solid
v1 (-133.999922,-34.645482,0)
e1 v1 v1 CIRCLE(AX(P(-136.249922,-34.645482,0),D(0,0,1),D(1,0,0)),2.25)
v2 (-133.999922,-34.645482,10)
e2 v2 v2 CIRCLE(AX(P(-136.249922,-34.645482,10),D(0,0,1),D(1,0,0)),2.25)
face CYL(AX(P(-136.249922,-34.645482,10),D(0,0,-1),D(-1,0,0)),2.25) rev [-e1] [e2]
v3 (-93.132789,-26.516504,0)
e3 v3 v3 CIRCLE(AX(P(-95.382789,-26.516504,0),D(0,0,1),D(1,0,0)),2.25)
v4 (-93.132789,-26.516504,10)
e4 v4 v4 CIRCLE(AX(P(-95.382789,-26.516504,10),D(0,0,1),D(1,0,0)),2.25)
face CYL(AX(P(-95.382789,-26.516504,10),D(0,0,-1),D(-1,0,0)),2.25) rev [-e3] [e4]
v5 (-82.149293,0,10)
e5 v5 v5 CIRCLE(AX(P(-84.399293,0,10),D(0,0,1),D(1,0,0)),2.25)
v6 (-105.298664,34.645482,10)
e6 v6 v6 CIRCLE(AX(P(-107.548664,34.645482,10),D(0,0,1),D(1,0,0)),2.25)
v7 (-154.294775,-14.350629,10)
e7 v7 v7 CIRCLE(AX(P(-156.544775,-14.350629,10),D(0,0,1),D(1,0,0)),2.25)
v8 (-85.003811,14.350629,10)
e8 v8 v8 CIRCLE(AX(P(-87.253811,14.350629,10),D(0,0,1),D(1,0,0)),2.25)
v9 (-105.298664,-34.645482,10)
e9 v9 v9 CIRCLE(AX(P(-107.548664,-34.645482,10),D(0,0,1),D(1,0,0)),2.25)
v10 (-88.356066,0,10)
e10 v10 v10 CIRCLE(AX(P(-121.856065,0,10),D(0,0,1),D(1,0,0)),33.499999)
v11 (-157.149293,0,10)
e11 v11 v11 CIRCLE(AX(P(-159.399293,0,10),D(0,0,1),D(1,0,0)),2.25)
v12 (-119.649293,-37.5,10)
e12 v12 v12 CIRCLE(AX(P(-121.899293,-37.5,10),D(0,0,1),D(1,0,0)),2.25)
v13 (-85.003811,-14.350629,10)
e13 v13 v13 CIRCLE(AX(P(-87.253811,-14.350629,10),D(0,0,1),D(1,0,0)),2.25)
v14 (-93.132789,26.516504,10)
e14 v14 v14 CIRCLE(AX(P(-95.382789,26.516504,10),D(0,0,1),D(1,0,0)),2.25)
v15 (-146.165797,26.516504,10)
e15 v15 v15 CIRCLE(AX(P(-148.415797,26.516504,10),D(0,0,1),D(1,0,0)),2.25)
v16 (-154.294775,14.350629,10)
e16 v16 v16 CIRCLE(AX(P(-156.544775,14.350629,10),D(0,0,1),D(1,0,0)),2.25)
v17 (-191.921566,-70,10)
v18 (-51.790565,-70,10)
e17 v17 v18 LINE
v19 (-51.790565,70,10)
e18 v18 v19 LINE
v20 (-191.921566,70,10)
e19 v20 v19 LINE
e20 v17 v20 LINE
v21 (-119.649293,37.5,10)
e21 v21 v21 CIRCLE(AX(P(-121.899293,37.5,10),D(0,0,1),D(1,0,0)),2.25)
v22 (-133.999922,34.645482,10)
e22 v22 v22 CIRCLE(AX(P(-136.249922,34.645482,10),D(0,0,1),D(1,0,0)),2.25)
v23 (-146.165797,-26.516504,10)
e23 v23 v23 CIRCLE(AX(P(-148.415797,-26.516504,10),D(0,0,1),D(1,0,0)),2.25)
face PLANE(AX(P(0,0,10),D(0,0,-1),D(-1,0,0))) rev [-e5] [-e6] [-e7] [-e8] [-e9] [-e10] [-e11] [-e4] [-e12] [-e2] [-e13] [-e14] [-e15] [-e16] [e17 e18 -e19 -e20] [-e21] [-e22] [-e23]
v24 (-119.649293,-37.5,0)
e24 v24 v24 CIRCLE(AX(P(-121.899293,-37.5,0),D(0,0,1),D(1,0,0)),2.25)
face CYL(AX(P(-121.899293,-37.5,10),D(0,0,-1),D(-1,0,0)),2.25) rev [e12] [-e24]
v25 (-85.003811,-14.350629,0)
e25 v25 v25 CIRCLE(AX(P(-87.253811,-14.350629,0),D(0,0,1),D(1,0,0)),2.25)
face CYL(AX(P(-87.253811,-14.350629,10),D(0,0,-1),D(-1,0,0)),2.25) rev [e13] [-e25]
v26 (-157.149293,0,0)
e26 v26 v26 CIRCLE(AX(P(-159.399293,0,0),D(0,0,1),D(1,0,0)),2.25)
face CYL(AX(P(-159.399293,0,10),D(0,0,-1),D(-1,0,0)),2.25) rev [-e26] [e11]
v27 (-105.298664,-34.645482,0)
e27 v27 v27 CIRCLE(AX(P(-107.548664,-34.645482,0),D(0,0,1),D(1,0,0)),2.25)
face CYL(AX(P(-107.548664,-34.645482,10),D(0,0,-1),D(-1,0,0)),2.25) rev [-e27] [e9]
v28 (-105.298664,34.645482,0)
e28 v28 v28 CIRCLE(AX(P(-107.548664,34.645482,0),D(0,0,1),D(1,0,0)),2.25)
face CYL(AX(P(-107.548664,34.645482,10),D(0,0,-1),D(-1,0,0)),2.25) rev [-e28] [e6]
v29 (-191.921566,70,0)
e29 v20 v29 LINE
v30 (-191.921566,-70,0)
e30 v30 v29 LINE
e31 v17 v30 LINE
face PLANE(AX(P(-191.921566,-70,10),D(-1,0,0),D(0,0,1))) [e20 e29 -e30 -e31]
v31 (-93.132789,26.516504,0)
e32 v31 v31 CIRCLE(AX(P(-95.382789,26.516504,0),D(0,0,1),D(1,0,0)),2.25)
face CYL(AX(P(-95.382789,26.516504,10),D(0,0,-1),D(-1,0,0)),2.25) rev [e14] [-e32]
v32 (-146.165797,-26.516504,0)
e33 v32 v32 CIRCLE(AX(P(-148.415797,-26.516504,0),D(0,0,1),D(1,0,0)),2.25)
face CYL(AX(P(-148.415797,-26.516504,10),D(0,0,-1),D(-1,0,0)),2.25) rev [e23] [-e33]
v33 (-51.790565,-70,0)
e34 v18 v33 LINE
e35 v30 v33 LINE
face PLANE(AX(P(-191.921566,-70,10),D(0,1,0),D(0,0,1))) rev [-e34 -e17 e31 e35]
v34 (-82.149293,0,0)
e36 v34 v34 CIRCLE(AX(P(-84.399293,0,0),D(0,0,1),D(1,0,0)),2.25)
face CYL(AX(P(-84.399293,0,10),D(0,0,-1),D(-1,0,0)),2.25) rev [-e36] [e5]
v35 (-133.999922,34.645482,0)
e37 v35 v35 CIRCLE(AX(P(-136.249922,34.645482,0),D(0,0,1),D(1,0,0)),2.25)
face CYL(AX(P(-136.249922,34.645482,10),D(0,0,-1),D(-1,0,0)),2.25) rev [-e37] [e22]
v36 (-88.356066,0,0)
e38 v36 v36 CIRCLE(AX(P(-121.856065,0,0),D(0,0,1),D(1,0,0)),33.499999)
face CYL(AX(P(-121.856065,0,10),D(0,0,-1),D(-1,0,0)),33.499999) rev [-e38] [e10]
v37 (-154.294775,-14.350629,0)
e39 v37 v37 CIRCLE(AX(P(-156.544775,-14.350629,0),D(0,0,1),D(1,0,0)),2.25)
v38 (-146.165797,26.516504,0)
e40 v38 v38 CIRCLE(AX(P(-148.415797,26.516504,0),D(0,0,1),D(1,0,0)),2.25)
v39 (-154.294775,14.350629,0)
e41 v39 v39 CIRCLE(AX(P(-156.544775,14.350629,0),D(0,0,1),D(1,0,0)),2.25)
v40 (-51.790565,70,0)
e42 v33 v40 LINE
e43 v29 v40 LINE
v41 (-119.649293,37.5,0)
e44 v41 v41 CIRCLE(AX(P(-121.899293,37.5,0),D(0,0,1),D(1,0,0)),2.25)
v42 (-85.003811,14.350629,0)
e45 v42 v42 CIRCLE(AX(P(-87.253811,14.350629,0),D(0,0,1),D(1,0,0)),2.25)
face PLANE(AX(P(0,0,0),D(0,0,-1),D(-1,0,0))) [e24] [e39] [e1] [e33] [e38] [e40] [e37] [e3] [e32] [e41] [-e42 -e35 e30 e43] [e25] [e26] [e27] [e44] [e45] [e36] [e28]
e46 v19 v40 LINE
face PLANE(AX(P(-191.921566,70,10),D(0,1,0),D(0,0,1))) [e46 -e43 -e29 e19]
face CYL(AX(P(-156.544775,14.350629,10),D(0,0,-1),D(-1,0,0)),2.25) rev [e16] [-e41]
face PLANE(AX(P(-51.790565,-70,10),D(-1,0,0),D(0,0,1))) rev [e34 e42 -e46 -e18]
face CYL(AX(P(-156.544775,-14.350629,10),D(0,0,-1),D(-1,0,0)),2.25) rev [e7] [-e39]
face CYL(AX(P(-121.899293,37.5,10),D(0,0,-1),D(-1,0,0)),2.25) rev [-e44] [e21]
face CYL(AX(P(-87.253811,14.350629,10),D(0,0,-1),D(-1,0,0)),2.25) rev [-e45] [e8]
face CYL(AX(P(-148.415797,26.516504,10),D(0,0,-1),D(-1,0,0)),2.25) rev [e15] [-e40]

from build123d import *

# Parameters (mm, degrees)
SKETCH3_W             = 140.131000148
SKETCH3_H             = 140
BOSS_EXTRUDE3_DEPTH   = 10
SKETCH3_7_OUTSIDE_W   = 181.797
SKETCH3_7_OUTSIDE_H   = 181.666
SKETCH3_7_OUTSIDE_W_2 = 140.131000148
SKETCH3_7_OUTSIDE_H_2 = 140
SKETCH3_7_OUTSIDE_R   = 33.499999497
CUT_EXTRUDE5_DEPTH    = 10
SKETCH2_R             = 2.25
CUT_EXTRUDE6_DEPTH    = 10


with BuildPart() as part:
    # Sketch3 → Boss-Extrude3 (new body)
    with BuildSketch(Plane.XY):
        with Locations((-121.856065437, 0)):
            Rectangle(SKETCH3_W, SKETCH3_H)
    extrude(amount=BOSS_EXTRUDE3_DEPTH)

    # Sketch3<7> outside → Cut-Extrude5 (cut)
    # profile 1 of 2: a face of its own
    with BuildSketch(Plane.XY):
        with Locations((-121.8565, 0)):
            Rectangle(SKETCH3_7_OUTSIDE_W, SKETCH3_7_OUTSIDE_H)
        with Locations((-121.856065437, 0)):
            Rectangle(SKETCH3_7_OUTSIDE_W_2, SKETCH3_7_OUTSIDE_H_2, mode=Mode.SUBTRACT)
    # profile 2 of 2: a face of its own
    with BuildSketch(Plane.XY):
        with Locations((-121.856065437, 0)):
            Circle(SKETCH3_7_OUTSIDE_R)
    extrude(amount=CUT_EXTRUDE5_DEPTH, mode=Mode.SUBTRACT)

    # Sketch2 → Cut-Extrude6 (cut)
    with BuildSketch(Plane.XY):
        with Locations((-107.548664291, 34.645482469)):
            Circle(SKETCH2_R)
        with Locations((-95.38278871, 26.516504294)):
            Circle(SKETCH2_R)
        with Locations((-87.253810535, 14.350628714)):
            Circle(SKETCH2_R)
        with Locations((-84.399293004, 0)):
            Circle(SKETCH2_R)
        with Locations((-87.253810535, -14.350628714)):
            Circle(SKETCH2_R)
        with Locations((-95.38278871, -26.516504294)):
            Circle(SKETCH2_R)
        with Locations((-107.548664291, -34.645482469)):
            Circle(SKETCH2_R)
        with Locations((-121.899293004, -37.5)):
            Circle(SKETCH2_R)
        with Locations((-136.249921718, -34.645482469)):
            Circle(SKETCH2_R)
        with Locations((-148.415797299, -26.516504294)):
            Circle(SKETCH2_R)
        with Locations((-156.544775474, -14.350628714)):
            Circle(SKETCH2_R)
        with Locations((-159.399293004, 0)):
            Circle(SKETCH2_R)
        with Locations((-156.544775474, 14.350628714)):
            Circle(SKETCH2_R)
        with Locations((-148.415797299, 26.516504294)):
            Circle(SKETCH2_R)
        with Locations((-136.249921718, 34.645482469)):
            Circle(SKETCH2_R)
        with Locations((-121.899293004, 37.5)):
            Circle(SKETCH2_R)
    extrude(amount=CUT_EXTRUDE6_DEPTH, mode=Mode.SUBTRACT)


solid = part.part
